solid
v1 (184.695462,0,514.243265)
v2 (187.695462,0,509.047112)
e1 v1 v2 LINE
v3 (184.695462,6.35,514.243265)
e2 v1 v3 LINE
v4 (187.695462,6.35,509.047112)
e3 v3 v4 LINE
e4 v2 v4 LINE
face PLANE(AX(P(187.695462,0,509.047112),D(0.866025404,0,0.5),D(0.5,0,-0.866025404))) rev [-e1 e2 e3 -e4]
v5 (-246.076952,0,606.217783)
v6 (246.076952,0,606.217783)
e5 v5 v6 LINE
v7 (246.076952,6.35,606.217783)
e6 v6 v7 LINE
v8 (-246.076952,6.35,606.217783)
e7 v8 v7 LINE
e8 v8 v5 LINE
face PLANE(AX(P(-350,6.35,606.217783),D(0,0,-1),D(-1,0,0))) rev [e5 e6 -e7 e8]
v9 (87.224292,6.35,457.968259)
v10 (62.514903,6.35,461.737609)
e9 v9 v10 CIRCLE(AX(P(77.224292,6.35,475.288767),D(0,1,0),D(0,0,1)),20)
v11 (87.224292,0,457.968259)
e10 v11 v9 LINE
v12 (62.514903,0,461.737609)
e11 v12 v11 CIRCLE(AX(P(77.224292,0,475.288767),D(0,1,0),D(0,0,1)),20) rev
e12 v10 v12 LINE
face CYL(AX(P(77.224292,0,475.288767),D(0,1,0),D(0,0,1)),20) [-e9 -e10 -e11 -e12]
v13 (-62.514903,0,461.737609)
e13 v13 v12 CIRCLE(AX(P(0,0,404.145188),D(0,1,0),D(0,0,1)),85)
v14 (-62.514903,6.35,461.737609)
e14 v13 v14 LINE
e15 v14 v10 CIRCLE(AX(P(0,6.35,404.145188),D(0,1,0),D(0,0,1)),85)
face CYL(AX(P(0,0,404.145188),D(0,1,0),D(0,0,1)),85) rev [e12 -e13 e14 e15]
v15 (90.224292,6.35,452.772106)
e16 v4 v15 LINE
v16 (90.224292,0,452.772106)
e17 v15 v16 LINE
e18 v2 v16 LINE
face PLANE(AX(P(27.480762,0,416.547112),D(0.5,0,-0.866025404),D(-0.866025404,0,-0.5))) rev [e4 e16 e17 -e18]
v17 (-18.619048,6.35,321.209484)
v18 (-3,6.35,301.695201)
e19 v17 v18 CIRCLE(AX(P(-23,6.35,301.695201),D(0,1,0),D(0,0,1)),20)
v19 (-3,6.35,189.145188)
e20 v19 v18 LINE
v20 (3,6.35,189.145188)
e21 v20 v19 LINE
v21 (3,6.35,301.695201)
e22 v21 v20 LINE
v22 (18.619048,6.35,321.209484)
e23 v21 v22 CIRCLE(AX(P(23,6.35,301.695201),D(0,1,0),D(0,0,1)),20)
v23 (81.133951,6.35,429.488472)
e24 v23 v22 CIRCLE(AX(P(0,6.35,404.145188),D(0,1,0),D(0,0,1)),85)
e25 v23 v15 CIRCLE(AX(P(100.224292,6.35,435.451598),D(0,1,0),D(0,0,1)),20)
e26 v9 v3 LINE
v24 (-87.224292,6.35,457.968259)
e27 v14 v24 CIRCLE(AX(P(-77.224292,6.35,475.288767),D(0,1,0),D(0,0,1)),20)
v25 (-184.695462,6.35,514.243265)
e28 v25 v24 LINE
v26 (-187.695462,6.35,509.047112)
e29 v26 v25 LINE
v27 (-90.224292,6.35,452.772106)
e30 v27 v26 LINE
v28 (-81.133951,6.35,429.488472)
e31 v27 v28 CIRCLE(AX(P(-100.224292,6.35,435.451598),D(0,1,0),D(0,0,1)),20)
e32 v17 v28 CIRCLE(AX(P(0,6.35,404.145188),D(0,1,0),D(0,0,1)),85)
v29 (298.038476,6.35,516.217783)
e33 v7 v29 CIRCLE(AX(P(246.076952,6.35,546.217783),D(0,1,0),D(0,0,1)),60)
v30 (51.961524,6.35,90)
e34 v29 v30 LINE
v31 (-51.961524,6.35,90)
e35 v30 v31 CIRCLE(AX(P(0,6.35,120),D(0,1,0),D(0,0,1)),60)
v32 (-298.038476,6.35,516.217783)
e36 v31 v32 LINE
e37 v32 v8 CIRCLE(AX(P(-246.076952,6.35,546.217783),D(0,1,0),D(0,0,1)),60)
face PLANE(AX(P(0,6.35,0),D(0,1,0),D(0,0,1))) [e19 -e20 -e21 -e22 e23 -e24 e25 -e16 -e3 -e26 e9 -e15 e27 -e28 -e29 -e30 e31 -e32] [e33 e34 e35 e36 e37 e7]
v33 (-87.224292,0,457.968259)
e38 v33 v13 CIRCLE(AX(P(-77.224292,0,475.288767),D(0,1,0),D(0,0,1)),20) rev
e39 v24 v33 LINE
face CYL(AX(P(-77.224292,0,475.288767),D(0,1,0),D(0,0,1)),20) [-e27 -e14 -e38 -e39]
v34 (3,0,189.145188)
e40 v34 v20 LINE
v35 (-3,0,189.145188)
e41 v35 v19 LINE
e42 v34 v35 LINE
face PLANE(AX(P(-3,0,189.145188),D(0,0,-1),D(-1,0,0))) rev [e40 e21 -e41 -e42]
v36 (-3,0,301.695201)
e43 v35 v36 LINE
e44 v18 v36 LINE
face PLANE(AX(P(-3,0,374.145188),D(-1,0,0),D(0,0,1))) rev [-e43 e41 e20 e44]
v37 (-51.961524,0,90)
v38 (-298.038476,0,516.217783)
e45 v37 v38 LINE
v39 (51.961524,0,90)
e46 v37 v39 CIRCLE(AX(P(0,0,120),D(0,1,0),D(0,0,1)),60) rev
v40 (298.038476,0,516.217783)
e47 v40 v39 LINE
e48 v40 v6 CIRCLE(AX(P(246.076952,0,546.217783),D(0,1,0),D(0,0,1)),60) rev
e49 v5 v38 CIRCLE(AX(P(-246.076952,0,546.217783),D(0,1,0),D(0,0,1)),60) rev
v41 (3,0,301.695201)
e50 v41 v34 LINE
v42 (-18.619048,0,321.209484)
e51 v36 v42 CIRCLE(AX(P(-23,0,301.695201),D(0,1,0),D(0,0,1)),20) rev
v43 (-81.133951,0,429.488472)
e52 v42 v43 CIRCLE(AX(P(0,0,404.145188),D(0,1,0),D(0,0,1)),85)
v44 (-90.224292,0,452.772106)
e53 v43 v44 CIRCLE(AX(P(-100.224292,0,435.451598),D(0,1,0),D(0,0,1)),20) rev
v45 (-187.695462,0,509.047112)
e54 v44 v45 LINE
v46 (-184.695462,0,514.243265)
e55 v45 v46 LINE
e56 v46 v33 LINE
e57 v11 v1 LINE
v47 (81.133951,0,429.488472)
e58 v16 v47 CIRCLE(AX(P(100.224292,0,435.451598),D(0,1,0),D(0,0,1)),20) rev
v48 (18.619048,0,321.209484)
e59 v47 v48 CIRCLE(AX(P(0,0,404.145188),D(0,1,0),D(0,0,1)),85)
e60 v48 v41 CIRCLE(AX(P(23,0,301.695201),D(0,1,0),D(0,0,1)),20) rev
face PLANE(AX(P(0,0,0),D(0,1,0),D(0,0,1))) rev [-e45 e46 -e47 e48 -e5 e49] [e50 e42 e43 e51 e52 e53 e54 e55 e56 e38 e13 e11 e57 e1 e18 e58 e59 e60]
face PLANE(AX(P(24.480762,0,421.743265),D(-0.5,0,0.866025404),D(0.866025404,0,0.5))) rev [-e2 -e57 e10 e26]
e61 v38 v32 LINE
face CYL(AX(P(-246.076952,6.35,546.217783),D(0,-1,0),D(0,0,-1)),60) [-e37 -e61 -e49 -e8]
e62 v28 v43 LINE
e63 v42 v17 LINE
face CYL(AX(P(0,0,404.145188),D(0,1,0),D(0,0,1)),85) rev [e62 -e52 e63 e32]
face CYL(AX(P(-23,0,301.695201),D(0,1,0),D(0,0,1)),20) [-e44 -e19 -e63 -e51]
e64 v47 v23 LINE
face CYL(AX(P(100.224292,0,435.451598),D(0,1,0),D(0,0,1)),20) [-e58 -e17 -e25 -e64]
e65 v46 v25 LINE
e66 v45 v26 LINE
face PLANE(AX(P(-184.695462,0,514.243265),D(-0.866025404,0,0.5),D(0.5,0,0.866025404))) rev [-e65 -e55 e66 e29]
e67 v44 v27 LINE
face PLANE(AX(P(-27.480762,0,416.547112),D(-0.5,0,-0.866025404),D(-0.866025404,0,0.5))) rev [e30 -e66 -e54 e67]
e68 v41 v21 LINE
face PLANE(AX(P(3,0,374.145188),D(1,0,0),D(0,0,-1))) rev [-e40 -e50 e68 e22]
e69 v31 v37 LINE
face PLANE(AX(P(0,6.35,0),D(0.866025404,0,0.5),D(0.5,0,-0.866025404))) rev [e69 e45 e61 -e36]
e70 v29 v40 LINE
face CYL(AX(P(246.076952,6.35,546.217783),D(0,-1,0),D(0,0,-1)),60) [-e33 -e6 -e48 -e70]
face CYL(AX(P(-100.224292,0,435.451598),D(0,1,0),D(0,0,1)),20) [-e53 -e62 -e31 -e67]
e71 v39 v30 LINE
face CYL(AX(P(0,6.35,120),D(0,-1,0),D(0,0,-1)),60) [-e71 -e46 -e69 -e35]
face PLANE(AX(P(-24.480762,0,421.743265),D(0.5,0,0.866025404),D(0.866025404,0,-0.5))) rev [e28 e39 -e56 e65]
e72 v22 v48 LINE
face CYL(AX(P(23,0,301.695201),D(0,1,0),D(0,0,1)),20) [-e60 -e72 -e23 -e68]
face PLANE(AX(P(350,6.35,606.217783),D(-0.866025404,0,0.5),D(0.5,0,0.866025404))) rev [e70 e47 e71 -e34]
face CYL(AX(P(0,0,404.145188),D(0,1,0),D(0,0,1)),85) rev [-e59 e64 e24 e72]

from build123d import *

# Parameters (mm, degrees)
BOSS_EXTRUDE1_DEPTH = 6.35
SKETCH2_R           = 85
CUT_EXTRUDE1_DEPTH  = 6.35
FILLET1_R           = 60
SKETCH3_W           = 6
SKETCH3_H           = 185
CUT_EXTRUDE2_DEPTH  = 6.35
FILLET2_R           = 20


with BuildPart() as part:
    # Sketch1 → Boss-Extrude1 (new body)
    with BuildSketch(Plane(origin=(0, 0, 0), x_dir=(1, 0, 0), z_dir=(0, 1, 0))):
        Polygon((0, 0), (-350, -606.217782649), (350, -606.217782649), align=None)
    extrude(amount=BOSS_EXTRUDE1_DEPTH)

    # Sketch2 → Cut-Extrude1 (cut)
    with BuildSketch(Plane(origin=(0, 6.35, 0), x_dir=(1, 0, 0), z_dir=(0, 1, 0))):
        with Locations((0, -404.145188433)):
            Circle(SKETCH2_R)
    extrude(amount=-CUT_EXTRUDE1_DEPTH, mode=Mode.SUBTRACT)

    # Fillet1
    fillet1_edges = [part.edges().sort_by_distance(p)[0] for p in [
        (350, 3.175, 606.217782649),
        (-350, 3.175, 606.217782649),
        (0, 3.175, 0),
    ]]
    fillet(fillet1_edges, radius=FILLET1_R)

    # Sketch3 → Cut-Extrude2 (cut)
    with BuildSketch(Plane(origin=(0, 6.35, 0), x_dir=(1, 0, 0), z_dir=(0, 1, 0))):
        Polygon((27.480762114, -416.547112221), (24.480762114, -421.743264644), (184.695461814, -514.243264644), (187.695461814, -509.047112221), align=None)
        with Locations((0, -281.645188433)):
            Rectangle(SKETCH3_W, SKETCH3_H)
        Polygon((-24.480762114, -421.743264644), (-27.480762114, -416.547112221), (-187.695461814, -509.047112221), (-184.695461814, -514.243264644), align=None)
    extrude(amount=-CUT_EXTRUDE2_DEPTH, mode=Mode.SUBTRACT)

    # Fillet2
    fillet2_edges = [part.edges().sort_by_distance(p)[0] for p in [
        (3, 3.175, 319.198146106),
        (-3, 3.175, 319.198146106),
        (-75.066296631, 3.175, 444.020633385),
        (-72.066296631, 3.175, 449.216785807),
        (72.066296631, 3.175, 449.216785807),
        (75.066296631, 3.175, 444.020633385),
    ]]
    fillet(fillet2_edges, radius=FILLET2_R)


solid = part.part
